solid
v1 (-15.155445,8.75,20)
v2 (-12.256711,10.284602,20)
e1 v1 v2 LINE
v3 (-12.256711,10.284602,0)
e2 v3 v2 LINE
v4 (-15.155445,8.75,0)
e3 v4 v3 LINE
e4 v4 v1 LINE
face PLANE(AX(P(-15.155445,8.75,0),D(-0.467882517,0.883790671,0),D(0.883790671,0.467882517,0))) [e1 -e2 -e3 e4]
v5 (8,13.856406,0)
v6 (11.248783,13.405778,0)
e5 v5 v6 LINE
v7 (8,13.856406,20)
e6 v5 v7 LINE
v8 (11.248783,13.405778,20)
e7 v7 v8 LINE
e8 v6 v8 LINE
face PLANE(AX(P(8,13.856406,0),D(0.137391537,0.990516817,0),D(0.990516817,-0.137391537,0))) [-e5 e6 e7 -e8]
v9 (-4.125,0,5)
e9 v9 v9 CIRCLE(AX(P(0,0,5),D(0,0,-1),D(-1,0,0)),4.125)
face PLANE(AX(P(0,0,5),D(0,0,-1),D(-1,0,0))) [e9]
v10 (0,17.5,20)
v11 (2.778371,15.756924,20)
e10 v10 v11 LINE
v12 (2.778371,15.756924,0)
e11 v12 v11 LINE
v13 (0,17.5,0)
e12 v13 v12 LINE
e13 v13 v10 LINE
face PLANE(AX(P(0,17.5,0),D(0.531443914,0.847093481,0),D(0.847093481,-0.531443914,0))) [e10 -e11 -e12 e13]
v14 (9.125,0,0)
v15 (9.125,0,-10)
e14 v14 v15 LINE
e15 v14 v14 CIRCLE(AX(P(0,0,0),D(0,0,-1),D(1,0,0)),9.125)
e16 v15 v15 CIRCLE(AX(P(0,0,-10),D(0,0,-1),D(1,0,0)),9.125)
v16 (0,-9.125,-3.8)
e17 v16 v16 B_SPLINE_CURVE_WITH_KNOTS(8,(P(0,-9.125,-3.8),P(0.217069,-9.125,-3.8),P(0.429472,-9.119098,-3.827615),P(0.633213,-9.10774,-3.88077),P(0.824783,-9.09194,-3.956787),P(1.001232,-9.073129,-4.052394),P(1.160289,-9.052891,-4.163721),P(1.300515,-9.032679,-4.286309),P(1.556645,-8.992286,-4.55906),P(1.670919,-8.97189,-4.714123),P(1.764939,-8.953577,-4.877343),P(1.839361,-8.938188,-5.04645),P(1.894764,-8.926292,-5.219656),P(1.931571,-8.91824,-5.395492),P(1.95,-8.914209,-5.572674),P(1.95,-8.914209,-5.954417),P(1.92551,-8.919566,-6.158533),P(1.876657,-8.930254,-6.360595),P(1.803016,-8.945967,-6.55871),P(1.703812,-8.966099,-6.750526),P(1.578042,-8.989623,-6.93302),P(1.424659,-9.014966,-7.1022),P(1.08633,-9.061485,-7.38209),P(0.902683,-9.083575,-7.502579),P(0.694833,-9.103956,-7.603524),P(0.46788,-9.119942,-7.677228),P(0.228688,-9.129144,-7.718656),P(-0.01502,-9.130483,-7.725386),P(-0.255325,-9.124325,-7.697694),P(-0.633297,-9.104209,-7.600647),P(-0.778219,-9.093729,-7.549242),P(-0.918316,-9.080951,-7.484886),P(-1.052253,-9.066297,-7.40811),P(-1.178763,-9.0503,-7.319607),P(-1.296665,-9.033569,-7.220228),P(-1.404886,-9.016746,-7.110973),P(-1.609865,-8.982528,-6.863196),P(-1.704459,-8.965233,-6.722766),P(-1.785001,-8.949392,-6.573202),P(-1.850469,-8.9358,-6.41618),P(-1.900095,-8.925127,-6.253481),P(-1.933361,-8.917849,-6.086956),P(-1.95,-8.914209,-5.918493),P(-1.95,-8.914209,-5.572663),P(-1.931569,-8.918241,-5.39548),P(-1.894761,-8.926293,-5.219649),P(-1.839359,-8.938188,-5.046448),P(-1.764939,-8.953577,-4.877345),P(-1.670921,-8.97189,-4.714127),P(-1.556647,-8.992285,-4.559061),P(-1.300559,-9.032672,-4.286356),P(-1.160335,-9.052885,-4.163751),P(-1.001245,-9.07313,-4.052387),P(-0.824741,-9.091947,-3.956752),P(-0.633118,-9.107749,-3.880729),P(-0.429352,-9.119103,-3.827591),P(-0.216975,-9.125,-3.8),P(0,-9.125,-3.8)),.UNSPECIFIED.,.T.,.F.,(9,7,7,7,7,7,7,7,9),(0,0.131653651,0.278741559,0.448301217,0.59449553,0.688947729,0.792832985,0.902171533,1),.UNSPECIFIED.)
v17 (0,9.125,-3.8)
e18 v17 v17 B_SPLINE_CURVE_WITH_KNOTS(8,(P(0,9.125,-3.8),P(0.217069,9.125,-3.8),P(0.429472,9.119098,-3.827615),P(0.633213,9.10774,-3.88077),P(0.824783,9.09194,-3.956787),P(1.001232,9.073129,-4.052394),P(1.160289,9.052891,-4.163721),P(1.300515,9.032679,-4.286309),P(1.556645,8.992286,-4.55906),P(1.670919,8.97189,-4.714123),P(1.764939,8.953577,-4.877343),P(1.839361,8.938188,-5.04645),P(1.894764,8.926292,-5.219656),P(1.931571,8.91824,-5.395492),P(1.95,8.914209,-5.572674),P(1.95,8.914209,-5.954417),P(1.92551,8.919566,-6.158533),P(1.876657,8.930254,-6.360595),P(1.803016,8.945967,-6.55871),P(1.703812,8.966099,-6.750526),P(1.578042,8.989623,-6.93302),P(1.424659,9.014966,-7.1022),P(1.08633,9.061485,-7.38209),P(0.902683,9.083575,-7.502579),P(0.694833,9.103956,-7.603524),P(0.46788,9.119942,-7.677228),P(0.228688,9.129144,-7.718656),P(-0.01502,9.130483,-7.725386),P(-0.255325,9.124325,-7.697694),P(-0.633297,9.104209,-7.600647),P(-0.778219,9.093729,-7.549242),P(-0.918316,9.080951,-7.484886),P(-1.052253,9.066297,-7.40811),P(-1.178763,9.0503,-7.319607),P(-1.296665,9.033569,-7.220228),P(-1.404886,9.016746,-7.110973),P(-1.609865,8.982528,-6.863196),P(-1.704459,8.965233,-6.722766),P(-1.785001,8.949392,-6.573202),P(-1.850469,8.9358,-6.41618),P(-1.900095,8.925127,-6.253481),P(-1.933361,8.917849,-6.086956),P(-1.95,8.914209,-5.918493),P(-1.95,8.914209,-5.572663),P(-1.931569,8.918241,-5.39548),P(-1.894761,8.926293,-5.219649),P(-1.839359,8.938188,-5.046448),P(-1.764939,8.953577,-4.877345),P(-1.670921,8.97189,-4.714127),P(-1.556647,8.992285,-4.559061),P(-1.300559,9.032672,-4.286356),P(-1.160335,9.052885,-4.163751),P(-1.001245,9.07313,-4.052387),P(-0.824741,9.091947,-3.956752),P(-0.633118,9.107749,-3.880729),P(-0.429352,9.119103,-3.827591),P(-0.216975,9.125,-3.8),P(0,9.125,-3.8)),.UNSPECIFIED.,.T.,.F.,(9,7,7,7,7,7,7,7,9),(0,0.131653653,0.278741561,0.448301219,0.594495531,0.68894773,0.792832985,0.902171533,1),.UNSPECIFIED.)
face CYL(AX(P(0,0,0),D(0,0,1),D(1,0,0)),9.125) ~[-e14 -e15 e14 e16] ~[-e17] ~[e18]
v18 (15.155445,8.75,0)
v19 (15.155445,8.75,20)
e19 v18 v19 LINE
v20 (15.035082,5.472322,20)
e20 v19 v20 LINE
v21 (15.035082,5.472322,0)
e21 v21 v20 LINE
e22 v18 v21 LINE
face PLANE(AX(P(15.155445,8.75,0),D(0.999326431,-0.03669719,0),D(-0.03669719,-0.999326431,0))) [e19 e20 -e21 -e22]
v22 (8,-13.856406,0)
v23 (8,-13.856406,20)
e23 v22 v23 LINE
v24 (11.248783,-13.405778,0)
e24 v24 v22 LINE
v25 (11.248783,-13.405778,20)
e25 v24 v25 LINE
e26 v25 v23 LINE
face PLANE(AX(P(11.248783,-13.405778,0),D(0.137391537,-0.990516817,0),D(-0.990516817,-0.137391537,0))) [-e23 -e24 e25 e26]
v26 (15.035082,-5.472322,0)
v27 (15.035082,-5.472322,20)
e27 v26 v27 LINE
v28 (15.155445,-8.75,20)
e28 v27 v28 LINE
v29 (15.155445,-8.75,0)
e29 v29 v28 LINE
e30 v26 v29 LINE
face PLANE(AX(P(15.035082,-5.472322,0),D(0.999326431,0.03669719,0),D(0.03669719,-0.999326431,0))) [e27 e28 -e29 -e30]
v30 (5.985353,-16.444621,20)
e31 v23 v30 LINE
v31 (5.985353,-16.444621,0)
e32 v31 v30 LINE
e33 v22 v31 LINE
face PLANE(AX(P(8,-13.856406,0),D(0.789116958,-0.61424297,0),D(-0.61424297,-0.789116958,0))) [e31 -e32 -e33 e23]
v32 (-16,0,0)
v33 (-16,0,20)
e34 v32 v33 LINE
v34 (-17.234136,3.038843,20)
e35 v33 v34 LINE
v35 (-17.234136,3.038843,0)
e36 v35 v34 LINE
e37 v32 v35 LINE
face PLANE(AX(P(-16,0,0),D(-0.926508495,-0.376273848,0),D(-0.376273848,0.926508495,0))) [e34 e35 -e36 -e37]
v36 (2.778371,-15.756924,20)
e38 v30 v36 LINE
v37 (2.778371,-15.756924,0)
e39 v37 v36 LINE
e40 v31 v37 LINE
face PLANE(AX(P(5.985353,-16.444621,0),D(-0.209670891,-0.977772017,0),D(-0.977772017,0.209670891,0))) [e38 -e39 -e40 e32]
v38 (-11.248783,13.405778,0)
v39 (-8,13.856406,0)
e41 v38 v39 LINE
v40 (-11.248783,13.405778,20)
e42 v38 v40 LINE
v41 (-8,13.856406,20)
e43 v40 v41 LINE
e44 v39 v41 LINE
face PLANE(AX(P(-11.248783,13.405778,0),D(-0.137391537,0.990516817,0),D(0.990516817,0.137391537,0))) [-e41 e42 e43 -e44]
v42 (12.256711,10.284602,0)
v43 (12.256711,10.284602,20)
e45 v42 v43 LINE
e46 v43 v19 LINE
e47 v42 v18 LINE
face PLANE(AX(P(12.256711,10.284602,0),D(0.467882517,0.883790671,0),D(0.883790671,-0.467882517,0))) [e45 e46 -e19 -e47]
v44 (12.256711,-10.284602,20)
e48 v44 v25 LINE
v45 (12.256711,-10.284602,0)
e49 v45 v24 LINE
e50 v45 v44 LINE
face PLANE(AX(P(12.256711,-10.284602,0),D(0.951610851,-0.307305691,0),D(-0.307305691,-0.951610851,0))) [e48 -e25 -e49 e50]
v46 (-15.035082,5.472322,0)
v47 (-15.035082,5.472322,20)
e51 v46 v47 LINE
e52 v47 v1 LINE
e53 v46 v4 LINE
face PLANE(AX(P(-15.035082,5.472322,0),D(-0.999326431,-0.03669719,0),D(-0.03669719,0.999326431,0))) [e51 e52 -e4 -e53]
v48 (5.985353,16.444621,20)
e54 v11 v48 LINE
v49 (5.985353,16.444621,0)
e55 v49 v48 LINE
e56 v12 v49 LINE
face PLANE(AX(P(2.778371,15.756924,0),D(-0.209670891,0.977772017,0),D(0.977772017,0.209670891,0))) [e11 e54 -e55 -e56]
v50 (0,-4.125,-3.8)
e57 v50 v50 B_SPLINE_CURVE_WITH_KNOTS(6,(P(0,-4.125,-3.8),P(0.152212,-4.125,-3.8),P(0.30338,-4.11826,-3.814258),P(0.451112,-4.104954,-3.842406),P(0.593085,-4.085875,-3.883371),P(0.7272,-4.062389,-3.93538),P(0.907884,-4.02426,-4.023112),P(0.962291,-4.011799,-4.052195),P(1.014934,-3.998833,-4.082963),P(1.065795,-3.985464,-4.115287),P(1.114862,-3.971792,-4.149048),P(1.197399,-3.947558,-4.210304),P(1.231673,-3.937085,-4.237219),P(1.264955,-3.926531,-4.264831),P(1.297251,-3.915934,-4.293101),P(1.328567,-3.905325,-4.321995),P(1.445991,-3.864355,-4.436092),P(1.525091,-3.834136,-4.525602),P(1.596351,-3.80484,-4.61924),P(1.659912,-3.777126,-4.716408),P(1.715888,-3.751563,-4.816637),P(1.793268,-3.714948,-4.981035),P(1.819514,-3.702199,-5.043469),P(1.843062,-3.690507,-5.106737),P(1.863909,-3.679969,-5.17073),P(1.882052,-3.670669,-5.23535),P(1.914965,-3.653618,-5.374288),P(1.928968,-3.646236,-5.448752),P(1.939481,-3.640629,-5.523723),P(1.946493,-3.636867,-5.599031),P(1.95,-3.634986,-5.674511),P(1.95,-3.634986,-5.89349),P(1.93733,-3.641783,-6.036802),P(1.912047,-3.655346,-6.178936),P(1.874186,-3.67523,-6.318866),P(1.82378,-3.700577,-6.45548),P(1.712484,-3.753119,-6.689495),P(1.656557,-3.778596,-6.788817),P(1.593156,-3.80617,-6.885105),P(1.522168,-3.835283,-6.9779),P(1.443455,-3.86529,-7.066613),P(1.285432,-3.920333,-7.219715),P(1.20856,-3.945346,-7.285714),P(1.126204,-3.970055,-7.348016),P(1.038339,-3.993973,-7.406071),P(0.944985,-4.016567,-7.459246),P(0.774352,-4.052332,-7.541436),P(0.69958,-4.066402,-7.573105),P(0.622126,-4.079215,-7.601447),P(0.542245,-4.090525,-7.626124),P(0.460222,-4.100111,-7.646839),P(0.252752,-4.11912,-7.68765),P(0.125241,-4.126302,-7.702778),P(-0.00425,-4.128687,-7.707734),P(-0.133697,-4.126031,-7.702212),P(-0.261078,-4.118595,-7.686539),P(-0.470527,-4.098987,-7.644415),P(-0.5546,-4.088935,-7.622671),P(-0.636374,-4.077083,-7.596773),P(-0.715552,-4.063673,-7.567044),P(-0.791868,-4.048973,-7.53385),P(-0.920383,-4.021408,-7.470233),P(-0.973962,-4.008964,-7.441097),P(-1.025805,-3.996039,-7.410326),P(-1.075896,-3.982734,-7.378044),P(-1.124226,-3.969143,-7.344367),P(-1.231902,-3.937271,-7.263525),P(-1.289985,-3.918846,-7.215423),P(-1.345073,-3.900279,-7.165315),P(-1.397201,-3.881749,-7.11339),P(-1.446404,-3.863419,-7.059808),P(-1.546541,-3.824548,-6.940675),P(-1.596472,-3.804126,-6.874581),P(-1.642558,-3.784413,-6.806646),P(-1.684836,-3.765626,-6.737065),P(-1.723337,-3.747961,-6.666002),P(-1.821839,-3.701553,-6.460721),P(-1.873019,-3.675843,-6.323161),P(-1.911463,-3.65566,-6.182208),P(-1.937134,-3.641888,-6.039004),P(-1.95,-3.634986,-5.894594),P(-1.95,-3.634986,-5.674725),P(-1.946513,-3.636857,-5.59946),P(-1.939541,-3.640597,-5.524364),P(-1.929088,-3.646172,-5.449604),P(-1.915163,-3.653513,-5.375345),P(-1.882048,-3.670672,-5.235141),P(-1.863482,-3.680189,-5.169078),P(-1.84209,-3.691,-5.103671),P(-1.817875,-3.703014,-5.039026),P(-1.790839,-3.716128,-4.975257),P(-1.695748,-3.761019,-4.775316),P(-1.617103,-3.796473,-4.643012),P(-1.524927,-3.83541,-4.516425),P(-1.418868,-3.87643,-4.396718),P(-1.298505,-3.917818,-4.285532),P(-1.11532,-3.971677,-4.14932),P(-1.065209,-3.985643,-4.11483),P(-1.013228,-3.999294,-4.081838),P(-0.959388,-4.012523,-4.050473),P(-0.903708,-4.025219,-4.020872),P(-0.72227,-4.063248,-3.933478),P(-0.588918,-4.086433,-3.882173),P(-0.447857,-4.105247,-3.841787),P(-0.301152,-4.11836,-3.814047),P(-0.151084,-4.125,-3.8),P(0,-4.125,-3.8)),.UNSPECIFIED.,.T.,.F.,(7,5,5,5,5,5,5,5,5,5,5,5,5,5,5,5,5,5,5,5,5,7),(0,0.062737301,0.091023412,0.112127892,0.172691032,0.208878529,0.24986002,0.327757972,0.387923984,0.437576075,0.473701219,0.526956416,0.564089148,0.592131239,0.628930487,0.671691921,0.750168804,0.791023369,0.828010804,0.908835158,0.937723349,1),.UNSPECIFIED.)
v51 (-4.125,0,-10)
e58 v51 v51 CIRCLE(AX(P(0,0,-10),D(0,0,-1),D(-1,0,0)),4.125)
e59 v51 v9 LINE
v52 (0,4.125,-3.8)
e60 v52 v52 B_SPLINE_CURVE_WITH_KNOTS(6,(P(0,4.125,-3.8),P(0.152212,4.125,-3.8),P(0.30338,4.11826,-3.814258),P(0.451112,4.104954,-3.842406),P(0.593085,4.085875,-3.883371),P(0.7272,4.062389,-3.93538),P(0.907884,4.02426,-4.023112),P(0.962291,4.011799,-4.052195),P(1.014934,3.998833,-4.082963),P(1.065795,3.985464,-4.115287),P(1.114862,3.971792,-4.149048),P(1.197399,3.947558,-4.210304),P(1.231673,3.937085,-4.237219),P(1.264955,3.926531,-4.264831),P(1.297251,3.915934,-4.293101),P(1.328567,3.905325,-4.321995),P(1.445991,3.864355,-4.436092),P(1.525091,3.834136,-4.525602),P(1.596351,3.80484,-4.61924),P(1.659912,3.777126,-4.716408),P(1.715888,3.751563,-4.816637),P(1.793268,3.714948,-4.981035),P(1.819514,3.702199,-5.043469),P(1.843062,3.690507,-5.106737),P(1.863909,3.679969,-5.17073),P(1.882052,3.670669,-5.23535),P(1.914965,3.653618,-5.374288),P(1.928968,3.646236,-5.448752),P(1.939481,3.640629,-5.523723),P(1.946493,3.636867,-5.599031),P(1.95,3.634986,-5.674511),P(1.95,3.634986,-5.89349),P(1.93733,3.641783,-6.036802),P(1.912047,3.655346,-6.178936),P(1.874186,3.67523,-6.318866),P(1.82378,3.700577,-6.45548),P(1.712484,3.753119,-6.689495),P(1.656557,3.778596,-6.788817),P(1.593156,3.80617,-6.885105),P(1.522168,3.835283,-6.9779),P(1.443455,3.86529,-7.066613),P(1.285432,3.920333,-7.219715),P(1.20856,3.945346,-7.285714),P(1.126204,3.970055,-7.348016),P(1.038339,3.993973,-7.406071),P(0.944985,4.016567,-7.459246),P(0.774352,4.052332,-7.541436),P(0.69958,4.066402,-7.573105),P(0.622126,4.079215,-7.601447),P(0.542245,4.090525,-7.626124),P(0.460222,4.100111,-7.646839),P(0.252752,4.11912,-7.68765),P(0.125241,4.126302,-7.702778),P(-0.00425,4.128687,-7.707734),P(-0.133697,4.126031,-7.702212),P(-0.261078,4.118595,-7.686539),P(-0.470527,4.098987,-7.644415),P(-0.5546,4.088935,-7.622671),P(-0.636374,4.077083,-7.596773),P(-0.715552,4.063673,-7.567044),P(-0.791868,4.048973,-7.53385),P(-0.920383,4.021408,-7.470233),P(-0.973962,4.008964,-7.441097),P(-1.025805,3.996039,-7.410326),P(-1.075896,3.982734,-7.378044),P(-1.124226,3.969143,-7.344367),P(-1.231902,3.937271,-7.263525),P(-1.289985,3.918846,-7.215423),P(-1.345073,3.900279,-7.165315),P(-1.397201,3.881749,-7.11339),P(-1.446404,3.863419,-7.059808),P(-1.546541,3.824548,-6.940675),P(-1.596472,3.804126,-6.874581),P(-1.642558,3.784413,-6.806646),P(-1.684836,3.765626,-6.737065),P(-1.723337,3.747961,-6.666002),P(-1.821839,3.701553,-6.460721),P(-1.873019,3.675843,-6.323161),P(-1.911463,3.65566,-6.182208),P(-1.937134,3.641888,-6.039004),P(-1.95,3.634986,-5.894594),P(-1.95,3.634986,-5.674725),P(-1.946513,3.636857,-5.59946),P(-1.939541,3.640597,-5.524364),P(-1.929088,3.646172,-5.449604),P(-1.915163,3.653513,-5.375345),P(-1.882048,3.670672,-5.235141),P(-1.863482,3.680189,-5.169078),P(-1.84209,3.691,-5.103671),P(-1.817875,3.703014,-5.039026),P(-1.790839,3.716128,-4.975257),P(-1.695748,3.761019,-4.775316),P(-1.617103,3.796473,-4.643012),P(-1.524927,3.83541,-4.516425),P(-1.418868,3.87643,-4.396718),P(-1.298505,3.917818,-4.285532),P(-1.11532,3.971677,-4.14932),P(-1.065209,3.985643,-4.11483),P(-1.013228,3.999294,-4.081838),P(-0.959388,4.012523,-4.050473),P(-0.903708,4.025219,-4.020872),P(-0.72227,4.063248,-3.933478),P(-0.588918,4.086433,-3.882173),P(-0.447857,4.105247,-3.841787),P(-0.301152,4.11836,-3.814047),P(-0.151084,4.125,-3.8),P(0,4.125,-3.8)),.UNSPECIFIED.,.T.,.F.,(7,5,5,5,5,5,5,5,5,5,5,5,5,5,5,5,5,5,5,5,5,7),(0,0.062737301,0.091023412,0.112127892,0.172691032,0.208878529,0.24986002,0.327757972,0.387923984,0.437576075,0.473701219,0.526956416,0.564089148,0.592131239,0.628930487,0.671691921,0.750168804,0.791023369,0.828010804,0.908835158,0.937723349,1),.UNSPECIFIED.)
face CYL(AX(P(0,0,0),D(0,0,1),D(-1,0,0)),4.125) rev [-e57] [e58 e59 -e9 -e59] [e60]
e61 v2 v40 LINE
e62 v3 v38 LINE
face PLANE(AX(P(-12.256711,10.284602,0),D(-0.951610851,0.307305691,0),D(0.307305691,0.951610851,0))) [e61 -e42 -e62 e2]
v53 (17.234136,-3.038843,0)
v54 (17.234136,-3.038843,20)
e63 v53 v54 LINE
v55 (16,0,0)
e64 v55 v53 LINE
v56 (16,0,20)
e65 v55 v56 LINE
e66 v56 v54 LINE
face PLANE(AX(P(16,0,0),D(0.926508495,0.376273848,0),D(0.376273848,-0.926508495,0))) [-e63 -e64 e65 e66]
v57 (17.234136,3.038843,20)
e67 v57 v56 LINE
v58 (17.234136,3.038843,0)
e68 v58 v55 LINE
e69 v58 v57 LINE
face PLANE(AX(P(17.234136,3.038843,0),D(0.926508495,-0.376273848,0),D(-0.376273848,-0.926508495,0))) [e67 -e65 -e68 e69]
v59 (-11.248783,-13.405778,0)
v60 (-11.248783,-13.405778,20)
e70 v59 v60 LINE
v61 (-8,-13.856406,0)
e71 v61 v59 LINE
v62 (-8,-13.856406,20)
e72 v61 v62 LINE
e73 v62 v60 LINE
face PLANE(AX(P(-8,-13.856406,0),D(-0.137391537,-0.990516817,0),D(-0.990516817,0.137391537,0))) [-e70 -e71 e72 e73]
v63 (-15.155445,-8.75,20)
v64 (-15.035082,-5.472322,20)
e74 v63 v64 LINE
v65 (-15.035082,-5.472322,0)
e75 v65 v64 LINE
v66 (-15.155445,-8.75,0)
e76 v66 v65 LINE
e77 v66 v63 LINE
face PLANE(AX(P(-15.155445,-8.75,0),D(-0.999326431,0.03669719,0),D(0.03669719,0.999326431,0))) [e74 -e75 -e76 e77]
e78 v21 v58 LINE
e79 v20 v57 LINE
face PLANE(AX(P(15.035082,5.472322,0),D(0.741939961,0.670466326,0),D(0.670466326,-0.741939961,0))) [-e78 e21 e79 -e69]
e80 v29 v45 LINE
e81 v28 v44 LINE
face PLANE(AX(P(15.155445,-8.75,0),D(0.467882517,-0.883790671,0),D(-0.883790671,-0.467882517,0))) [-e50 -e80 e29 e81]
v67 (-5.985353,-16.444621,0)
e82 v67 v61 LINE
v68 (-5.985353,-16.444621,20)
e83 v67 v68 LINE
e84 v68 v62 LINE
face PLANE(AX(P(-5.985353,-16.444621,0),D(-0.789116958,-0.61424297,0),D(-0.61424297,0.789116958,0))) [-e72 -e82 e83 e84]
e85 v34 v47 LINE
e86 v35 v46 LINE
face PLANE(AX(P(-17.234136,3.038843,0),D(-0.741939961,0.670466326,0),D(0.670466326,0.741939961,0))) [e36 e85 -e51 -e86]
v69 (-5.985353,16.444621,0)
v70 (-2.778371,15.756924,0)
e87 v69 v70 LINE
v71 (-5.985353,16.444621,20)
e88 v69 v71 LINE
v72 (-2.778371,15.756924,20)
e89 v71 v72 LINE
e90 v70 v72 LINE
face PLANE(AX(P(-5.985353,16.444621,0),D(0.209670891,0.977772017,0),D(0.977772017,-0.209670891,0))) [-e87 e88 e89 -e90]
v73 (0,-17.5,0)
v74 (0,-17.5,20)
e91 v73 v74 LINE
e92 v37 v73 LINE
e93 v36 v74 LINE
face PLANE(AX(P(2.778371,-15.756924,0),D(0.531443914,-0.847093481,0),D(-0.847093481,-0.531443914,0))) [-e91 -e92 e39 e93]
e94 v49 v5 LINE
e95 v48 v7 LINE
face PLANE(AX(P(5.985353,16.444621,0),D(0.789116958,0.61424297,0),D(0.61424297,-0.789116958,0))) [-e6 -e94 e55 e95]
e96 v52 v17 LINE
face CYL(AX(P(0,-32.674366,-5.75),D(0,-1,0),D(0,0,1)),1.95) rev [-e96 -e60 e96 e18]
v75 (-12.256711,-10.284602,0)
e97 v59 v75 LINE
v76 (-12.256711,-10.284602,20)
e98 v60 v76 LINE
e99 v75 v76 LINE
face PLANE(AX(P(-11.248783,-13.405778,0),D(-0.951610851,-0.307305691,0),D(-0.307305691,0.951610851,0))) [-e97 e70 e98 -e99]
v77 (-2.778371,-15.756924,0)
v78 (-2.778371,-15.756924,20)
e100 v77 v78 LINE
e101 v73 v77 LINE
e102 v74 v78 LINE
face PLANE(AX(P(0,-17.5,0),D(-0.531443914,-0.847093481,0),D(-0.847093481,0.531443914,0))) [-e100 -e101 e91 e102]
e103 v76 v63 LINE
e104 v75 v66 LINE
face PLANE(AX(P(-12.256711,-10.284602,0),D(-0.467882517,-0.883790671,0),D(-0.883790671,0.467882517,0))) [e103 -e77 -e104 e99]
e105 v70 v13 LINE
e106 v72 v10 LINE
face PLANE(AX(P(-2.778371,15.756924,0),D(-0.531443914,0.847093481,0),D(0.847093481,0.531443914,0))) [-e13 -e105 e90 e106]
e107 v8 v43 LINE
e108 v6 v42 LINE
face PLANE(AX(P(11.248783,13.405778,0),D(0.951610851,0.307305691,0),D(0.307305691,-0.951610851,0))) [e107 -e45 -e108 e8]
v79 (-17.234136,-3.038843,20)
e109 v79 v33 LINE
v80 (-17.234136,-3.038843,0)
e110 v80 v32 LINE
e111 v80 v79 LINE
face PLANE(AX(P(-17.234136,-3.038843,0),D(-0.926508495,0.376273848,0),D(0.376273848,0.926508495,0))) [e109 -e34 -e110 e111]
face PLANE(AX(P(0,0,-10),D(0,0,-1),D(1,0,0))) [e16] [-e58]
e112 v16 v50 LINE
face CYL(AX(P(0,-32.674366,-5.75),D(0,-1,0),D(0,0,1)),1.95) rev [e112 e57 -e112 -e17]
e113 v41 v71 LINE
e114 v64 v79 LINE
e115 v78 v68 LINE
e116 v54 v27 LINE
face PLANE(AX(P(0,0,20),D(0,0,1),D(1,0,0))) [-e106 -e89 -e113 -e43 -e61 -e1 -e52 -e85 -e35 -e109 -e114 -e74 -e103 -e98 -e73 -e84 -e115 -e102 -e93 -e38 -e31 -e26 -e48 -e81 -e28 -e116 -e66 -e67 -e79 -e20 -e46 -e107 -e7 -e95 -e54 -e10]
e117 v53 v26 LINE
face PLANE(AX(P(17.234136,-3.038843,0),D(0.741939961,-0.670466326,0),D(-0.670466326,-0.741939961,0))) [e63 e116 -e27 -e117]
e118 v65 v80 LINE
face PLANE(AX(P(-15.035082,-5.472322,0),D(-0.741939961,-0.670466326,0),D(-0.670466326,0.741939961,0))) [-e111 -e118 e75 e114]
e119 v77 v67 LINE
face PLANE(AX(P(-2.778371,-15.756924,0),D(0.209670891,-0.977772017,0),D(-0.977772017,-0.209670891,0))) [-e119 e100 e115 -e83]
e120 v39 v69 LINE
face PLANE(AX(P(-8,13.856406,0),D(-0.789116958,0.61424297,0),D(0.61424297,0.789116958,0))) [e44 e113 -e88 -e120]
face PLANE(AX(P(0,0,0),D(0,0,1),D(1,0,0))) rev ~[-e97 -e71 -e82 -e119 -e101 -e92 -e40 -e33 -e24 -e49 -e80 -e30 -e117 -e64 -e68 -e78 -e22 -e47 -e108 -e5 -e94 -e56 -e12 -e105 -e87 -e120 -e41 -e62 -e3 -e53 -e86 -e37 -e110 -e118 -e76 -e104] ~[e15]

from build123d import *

# Parameters (mm, degrees)
CROQUIS1_R                 = 17.5
SALIENTE_EXTRUIR1_DEPTH    = 20
CROQUIS2_R                 = 9.125
CROQUIS2_R_2               = 4.125
SALIENTE_EXTRUIR2_DEPTH    = 10
CORTAR_EXTRUIR1_START      = -20
CROQUIS3_R                 = 19
CORTAR_EXTRUIR1_DEPTH      = 20
CORTAR_EXTRUIR2_DEPTH      = 32.674365543
CORTAR_EXTRUIR2_DEPTH_BACK = 32.674365543
CROQUIS4_R                 = 1.95
CORTAR_EXTRUIR3_START      = -5
CROQUIS5_R                 = 4.125
CORTAR_EXTRUIR3_DEPTH      = 5


with BuildPart() as part:
    # Croquis1 → Saliente-Extruir1 (new body)
    with BuildSketch(Plane.XY):
        Circle(CROQUIS1_R)
    extrude(amount=SALIENTE_EXTRUIR1_DEPTH)

    # Croquis2 → Saliente-Extruir2 (add)
    with BuildSketch(Plane(origin=(0, 0, 0), x_dir=(-1, 0, 0), z_dir=(0, 0, -1))):
        with Locations(Location((0, 0, 0), (0, 0, 180))):
            Circle(CROQUIS2_R)
        Circle(CROQUIS2_R_2, mode=Mode.SUBTRACT)
    extrude(amount=SALIENTE_EXTRUIR2_DEPTH)

    # Croquis3 → Cortar-Extruir1 (cut)
    with BuildSketch(Plane.XY.offset(20).offset(CORTAR_EXTRUIR1_START)):
        Circle(CROQUIS3_R)
        Polygon((0, 17.5), (2.778370843, 15.756924048), (5.985352508, 16.444620864), (8, 13.856406461), (11.24878317, 13.405777755), (12.25671109, 10.284601755), (15.155444566, 8.75), (15.035081933, 5.472322293), (17.234135678, 3.038843109), (16, 0), (17.234135678, -3.038843109), (15.035081933, -5.472322293), (15.155444566, -8.75), (12.25671109, -10.284601755), (11.24878317, -13.405777755), (8, -13.856406461), (5.985352508, -16.444620864), (2.778370843, -15.756924048), (0, -17.5), (-2.778370843, -15.756924048), (-5.985352508, -16.444620864), (-8, -13.856406461), (-11.24878317, -13.405777755), (-12.25671109, -10.284601755), (-15.155444566, -8.75), (-15.035081933, -5.472322293), (-17.234135678, -3.038843109), (-16, 0), (-17.234135678, 3.038843109), (-15.035081933, 5.472322293), (-15.155444566, 8.75), (-12.25671109, 10.284601755), (-11.24878317, 13.405777755), (-8, 13.856406461), (-5.985352508, 16.444620864), (-2.778370843, 15.756924048), align=None, mode=Mode.SUBTRACT)
    extrude(amount=CORTAR_EXTRUIR1_DEPTH, mode=Mode.SUBTRACT)

    # Croquis4 → Cortar-Extruir2 (cut, two sides: drawn at the far end of the back side and taken through both)
    with BuildSketch(Plane(origin=(0, 0, 0), x_dir=(1, 0, 0), z_dir=(0, 1, 0)).offset(-CORTAR_EXTRUIR2_DEPTH_BACK)):
        with Locations(Location((0, 5.75, 0), (0, 0, 270))):
            Circle(CROQUIS4_R)
    extrude(amount=CORTAR_EXTRUIR2_DEPTH + CORTAR_EXTRUIR2_DEPTH_BACK, mode=Mode.SUBTRACT)

    # Croquis5 → Cortar-Extruir3 (cut)
    with BuildSketch(Plane(origin=(0, 0, 0), x_dir=(-1, 0, 0), z_dir=(0, 0, -1)).offset(CORTAR_EXTRUIR3_START)):
        Circle(CROQUIS5_R)
    extrude(amount=CORTAR_EXTRUIR3_DEPTH, mode=Mode.SUBTRACT)


solid = part.part
